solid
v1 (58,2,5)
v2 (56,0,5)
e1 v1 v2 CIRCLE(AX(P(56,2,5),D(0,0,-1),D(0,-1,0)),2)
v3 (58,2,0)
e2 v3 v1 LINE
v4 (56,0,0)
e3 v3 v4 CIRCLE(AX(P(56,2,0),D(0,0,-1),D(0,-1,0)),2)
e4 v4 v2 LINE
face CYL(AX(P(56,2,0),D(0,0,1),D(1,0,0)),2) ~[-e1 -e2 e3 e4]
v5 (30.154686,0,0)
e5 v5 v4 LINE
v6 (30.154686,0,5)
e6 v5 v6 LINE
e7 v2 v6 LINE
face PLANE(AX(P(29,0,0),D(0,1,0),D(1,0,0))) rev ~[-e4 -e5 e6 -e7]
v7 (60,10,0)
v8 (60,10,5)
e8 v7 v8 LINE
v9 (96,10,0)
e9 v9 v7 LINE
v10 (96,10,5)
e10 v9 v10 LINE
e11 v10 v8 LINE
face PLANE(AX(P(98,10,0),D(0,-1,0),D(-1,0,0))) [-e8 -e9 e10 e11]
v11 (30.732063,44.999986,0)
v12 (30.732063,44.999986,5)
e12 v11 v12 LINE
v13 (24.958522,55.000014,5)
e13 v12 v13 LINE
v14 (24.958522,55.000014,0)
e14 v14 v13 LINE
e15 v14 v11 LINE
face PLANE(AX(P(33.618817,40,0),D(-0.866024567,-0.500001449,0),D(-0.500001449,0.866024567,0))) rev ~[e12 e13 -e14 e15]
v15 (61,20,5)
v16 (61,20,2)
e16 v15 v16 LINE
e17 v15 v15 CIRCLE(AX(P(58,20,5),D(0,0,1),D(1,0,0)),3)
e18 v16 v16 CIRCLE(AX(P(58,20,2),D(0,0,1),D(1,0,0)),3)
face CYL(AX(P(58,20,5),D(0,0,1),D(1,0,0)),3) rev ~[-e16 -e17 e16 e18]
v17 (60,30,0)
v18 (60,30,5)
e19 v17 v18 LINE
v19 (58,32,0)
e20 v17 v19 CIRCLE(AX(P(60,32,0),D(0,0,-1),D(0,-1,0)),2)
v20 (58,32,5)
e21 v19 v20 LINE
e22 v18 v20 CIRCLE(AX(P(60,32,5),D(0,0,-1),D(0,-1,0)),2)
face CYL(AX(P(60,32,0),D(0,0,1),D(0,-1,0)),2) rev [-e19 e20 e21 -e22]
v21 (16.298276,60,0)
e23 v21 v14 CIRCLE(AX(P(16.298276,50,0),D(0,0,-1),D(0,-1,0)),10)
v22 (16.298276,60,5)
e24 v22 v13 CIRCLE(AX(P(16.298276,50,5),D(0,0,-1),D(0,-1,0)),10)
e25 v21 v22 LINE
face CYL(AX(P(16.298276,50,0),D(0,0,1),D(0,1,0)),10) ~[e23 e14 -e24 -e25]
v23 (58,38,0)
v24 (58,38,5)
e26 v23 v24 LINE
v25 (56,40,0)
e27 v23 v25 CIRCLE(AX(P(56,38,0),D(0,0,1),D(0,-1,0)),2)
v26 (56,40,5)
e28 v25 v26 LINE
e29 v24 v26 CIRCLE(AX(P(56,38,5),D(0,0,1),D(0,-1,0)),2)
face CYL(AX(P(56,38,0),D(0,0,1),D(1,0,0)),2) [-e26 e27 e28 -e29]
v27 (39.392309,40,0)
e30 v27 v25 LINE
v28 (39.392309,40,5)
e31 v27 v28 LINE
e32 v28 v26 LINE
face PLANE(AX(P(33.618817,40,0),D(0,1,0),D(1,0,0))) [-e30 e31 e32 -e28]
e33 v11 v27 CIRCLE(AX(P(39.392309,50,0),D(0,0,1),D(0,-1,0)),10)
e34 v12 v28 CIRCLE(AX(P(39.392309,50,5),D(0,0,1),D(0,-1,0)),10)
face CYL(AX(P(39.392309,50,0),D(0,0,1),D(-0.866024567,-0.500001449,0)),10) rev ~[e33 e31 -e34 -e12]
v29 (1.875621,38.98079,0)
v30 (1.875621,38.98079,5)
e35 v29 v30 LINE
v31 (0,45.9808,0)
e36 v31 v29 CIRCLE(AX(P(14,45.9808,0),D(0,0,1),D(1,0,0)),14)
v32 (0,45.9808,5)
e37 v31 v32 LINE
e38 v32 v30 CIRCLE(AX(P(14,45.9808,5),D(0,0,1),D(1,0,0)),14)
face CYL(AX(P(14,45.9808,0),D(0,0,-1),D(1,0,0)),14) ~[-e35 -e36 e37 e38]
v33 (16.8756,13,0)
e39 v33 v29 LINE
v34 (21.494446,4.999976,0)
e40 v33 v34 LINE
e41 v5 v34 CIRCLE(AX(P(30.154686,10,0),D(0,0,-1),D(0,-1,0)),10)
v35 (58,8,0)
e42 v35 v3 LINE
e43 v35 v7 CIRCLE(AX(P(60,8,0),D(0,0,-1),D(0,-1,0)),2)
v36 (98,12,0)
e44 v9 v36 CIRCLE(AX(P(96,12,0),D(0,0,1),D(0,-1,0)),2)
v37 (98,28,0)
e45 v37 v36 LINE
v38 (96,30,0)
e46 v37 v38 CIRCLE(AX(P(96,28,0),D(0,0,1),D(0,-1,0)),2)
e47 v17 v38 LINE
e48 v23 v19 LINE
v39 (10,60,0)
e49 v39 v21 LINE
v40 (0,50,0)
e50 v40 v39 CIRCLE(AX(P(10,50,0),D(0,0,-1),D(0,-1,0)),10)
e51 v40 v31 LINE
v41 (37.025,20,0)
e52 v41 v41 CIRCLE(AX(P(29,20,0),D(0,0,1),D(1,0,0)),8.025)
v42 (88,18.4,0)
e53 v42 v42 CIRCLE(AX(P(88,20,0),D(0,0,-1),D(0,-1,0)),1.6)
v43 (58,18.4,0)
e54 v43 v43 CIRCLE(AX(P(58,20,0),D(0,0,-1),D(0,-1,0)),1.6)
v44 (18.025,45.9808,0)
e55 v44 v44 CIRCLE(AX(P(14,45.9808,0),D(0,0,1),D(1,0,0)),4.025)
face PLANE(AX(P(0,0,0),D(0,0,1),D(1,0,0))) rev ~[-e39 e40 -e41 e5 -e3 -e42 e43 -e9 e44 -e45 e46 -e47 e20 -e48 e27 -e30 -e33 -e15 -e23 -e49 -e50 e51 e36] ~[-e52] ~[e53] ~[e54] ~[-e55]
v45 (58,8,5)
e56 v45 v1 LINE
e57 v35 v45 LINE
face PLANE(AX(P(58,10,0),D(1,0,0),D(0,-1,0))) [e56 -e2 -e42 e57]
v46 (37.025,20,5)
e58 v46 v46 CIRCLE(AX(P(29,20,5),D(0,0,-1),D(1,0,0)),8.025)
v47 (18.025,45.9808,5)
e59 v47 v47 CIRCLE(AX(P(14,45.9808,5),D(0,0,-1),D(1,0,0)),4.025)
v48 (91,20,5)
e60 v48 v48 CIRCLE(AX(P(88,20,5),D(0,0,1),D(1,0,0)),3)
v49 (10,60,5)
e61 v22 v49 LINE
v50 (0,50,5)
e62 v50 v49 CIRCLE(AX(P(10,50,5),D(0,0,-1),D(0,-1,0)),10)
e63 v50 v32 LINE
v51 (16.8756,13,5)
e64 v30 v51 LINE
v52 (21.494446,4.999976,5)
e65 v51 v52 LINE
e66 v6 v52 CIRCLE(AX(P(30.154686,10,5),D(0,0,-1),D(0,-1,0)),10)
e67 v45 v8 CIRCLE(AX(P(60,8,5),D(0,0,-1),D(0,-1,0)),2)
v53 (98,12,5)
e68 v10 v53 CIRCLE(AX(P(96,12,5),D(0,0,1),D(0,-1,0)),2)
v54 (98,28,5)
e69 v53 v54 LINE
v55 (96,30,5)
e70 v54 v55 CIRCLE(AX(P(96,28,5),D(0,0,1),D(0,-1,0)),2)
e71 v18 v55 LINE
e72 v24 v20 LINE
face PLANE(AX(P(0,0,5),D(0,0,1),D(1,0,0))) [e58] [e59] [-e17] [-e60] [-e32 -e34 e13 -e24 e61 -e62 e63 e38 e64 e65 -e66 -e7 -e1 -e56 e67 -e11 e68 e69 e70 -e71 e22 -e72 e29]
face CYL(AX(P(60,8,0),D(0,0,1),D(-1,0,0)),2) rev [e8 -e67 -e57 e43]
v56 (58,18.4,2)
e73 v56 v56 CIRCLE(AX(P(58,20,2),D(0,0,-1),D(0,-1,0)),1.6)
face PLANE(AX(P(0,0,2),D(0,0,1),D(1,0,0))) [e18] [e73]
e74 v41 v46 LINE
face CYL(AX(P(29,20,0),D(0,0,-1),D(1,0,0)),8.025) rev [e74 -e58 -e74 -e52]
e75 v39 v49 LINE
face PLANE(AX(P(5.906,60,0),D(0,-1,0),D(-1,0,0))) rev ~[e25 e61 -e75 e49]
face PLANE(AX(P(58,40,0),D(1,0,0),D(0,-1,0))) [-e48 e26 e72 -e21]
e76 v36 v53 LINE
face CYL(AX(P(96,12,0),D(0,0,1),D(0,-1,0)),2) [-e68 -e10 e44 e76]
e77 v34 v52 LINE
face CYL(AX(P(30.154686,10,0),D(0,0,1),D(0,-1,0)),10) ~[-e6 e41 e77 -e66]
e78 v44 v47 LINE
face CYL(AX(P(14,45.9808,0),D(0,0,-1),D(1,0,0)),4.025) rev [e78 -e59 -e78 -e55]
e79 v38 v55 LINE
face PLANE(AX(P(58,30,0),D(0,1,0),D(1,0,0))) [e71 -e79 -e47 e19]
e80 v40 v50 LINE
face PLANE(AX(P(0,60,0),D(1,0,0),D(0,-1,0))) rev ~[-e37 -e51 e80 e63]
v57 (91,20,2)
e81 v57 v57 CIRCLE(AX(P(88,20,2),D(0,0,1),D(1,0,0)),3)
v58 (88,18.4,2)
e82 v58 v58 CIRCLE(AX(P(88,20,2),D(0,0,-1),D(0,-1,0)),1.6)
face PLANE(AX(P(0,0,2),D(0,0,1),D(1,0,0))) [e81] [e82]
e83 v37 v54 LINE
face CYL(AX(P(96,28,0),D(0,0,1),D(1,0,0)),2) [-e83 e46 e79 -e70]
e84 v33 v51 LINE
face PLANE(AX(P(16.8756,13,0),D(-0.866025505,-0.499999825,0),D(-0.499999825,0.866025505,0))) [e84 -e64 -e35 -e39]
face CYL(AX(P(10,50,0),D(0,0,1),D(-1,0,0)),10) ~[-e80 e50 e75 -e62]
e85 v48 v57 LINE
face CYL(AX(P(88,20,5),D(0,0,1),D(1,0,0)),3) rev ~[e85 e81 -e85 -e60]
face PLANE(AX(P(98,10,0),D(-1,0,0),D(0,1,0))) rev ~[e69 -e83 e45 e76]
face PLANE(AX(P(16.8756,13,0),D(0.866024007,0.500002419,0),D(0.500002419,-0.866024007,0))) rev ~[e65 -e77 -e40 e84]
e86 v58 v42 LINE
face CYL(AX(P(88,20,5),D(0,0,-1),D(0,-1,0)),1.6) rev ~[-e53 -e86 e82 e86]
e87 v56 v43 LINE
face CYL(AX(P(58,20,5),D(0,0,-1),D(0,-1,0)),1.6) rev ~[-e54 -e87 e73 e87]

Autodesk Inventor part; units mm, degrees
ref_plane "YZ Plane" through (0, 0, 0) normal (1, 0, 0) x (0, 1, 0)
ref_plane "XZ Plane" through (0, 0, 0) normal (0, 1, 0) x (-1, 0, 0)
ref_plane "XY Plane" through (0, 0, 0) normal (0, 0, 1) x (1, 0, 0)
sketch "スケッチ1" plane through (0, 0, 0) normal (0, 0, 1) x (1, 0, 0)
  line L0 (0, 0) -> (98, 0)
  line L1 (98, 0) -> (98, 60)
  line L2 (98, 60) -> (0, 60)
  line L3 (0, 60) -> (0, 0)
  line L4 (98, 0) -> (29, 0)
  line L5 (29, 0) -> (29, 40)
  line L6 (29, 40) -> (98, 40)
  line L7 (98, 40) -> (98, 0)
  line L8 (29, 30) -> (98, 30)
  line L9 (98, 30) -> (98, 10)
  line L10 (98, 10) -> (29, 10)
  line L11 (29, 10) -> (29, 30)
  line L12 (98, 20) -> (0, 20)
  line L13 (29, 20) -> (5.906, 60)
  circle A0 centre (29, 20) radius 8.025
  circle A1 centre (14, 45.9808) radius 4.025
  line L14 (58, 40) -> (58, 0)
  line L15 (16.8756, 13) -> (-6.2184, 53)
  line L16 (41.1244, 27) -> (18.0303, 67)
  circle A2 centre (14, 45.9808) radius 14
  line L17 (16.8756, 13) -> (25.3526, -1.6825)
  point P0 (58, 30)
  point P1 (33.6188, 40)
  point P2 (22.0718, 60)
  point P3 (0, 45.9808)
  point P4 (1.8756, 38.9808)
  point P5 (24.3812, 0)
  point P6 (58, 0)
  point P7 (58, 10)
  dimension "d0" = 98
  dimension "d1" = 60
  dimension "d2" = 40
  dimension "d3" = 20
  dimension "d4" = 10
  dimension "d5" = 69
  dimension "d6" = 30
  dimension "d7" = 16.05
  dimension "d8" = 30
  dimension "d9" = 8.05
  dimension "d10" = 40
  dimension "d11" = 28
extrude "押し出し1" add sketch "スケッチ1" along normal blind 5 contours L5 L10 L14 L0 | L0 L17 L15 L12 A0 L5 | L5 A0 L12 L14 L10 | L14 L12 L1 L10 | L14 L8 L1 L12 | L12 A0 L5 L8 L14 | L15 A2 L13 A0 L12 | L8 L16 L6 L14 | A2 L13 A1 | A0 L13 A2 L16 L6 L5 | L8 L5 L6 L16 | L3 L2 L13 A2 | L13 A1 A2 | L13 L2 L16 A2
sketch "スケッチ2" plane through (0, 0, 5) normal (0, 0, 1) x (1, 0, 0)
  line L0 (98, 10) -> (98, 30) projected
  line L1 (98, 20) -> (47.1161, 20)
  point P0 (0, 0)
  point P1 (88, 20)
  point P2 (58, 20)
  dimension "d14" = 10
  dimension "d15" = 30
hole "穴1" at (88, 20, 5) at (58, 20, 5) direction (0, 0, -1) diameter 3.2 depth 10
fillet "フィレット1" radius 2 6 edges at (58, 40, 2.5) (58, 30, 2.5) (98, 30, 2.5) (98, 10, 2.5) (58, 0, 2.5) (58, 10, 2.5)
fillet "フィレット2" radius 10 4 edges at (24.3812, 0, 2.5) (0, 60, 2.5) (22.0718, 60, 2.5) (33.6188, 40, 2.5)
sketch "スケッチ4" plane through (0, 0, 5) normal (0, 0, 1) x (1, 0, 0)
  circle A0 centre (58, 20) radius 1.6 projected
  circle A1 centre (58, 20) radius 3
  circle A2 centre (88, 20) radius 1.6 projected
  circle A3 centre (88, 20) radius 3
  point P0 (0, 0)
  dimension "d34" = 6
  dimension "d35" = 6
extrude "押し出し2" cut sketch "スケッチ4" against normal blind 3 contours A0 | A1 | A2 | A3
equation "\"d35\" = d34"
properties part number "RP_Calf-Link-cover-Outside-Right"
